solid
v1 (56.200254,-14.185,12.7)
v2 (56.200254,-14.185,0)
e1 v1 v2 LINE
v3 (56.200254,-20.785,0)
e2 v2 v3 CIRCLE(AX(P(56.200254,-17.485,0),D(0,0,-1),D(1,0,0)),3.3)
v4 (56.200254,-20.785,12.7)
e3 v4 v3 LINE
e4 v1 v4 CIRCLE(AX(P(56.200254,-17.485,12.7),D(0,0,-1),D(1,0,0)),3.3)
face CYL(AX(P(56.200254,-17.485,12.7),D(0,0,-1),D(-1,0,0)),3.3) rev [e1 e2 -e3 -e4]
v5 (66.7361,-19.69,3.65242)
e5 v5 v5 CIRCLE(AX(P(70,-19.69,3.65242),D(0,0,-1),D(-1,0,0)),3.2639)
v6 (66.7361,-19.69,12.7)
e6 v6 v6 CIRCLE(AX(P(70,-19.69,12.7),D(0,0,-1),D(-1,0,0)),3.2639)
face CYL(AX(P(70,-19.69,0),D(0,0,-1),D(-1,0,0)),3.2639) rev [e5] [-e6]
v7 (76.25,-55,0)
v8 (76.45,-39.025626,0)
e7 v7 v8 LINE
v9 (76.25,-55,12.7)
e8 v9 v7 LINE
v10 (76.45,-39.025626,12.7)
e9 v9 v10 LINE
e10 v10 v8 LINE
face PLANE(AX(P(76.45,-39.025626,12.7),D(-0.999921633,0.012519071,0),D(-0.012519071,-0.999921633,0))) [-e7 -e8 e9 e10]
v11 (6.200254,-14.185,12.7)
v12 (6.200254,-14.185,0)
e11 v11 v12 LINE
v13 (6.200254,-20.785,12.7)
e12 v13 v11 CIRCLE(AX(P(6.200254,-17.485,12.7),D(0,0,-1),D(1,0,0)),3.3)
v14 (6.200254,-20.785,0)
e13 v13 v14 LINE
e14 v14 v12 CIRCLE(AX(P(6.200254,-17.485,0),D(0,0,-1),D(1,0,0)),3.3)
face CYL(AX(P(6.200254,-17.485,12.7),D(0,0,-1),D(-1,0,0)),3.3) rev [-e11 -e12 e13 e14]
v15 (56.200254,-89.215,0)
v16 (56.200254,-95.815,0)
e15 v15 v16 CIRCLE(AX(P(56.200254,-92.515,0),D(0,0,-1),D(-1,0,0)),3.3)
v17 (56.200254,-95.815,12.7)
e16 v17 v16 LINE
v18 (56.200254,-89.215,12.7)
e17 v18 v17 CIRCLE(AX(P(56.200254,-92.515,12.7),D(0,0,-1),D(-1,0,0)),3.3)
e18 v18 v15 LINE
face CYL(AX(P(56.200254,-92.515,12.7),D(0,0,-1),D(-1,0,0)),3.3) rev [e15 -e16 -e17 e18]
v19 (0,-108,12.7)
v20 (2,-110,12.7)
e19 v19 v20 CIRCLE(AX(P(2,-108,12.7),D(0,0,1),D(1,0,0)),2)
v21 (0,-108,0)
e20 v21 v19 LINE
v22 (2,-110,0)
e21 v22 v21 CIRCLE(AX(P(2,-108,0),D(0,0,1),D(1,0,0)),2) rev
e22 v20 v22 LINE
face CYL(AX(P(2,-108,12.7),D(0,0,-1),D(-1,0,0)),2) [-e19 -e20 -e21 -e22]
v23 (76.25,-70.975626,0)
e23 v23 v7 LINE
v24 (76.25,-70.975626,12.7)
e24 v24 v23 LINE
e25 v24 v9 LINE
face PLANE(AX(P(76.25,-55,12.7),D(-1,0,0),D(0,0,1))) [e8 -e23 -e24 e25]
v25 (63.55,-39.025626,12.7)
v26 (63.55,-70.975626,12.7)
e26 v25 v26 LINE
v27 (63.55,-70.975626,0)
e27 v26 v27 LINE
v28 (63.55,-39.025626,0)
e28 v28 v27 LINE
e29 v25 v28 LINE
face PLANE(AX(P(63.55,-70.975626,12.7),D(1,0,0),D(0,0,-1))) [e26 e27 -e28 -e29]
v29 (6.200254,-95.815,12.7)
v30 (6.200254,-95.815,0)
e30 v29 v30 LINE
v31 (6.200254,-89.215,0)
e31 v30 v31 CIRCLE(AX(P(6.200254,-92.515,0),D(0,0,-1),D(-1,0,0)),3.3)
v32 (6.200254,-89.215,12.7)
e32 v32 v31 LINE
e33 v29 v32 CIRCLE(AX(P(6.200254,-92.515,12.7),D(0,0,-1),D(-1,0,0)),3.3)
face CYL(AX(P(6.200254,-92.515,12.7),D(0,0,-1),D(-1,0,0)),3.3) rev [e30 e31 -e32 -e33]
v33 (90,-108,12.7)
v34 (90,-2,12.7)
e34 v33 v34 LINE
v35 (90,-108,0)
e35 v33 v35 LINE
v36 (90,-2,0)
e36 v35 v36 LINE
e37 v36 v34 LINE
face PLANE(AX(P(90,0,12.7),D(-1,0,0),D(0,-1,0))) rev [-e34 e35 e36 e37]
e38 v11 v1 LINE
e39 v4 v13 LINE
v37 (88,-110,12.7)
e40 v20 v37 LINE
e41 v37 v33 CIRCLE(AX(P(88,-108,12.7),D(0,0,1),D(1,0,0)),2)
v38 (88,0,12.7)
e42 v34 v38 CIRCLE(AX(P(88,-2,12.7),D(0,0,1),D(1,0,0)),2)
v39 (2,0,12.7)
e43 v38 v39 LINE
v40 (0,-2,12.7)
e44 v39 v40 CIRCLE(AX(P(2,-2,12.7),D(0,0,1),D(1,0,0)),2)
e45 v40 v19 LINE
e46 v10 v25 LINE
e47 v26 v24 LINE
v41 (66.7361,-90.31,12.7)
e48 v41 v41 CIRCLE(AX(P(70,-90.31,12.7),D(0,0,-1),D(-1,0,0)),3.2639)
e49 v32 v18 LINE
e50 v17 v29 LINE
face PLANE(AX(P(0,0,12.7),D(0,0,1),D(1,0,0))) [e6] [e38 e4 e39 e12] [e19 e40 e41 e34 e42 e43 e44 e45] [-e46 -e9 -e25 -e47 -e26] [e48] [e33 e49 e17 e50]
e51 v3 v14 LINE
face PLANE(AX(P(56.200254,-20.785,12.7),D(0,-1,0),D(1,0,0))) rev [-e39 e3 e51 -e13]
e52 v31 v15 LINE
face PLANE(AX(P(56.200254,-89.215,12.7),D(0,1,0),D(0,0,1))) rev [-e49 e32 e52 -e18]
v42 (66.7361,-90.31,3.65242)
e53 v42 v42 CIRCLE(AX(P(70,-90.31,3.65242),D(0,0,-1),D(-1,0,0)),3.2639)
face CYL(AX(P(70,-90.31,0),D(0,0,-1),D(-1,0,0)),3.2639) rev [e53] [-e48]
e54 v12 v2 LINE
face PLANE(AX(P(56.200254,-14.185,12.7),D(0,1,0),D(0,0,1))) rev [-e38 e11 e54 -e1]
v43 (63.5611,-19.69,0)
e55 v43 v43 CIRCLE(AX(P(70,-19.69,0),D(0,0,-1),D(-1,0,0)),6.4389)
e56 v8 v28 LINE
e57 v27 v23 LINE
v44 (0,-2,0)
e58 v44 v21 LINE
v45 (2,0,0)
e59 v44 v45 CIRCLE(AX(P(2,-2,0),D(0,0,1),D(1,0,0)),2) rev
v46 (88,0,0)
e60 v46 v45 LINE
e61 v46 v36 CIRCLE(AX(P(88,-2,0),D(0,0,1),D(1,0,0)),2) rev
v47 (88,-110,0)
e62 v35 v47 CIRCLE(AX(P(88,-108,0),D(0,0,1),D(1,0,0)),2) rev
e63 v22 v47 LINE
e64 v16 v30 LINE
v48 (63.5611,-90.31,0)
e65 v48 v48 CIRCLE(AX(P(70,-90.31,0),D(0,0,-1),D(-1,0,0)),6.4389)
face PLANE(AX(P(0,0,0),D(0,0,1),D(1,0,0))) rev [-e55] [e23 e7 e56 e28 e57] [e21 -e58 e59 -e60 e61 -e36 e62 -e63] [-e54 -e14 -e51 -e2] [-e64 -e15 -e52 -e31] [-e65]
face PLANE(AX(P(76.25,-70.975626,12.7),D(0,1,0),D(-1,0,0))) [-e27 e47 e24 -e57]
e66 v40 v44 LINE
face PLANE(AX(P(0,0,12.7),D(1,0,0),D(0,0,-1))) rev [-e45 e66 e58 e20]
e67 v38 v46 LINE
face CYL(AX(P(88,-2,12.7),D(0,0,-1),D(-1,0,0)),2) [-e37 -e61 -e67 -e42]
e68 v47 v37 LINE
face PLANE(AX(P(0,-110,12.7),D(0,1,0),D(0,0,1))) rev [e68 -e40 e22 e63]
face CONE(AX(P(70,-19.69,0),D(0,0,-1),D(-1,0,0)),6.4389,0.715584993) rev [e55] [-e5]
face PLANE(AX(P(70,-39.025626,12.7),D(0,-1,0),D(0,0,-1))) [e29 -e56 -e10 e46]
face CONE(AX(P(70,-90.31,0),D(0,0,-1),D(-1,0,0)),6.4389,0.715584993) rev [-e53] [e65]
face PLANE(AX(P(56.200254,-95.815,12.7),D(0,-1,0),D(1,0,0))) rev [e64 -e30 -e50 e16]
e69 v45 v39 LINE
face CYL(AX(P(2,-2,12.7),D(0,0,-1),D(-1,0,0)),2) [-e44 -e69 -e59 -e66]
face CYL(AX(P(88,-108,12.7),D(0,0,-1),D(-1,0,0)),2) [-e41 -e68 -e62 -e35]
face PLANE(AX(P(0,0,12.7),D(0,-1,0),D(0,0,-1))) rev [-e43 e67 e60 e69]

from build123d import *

# Parameters (mm, degrees)
SKETCH1_W                                        = 90
SKETCH1_H                                        = 110
BOSS_EXTRUDE2_DEPTH                              = 12.7
CSK_FOR_1_4_FLAT_HEAD_MACHINE_SCREW3_D           = 6.5278
CSK_FOR_1_4_FLAT_HEAD_MACHINE_SCREW3_CSINK_D     = 12.8778
CSK_FOR_1_4_FLAT_HEAD_MACHINE_SCREW3_CSINK_ANGLE = 82
CSK_FOR_1_4_FLAT_HEAD_MACHINE_SCREW4_D           = 6.5278
CSK_FOR_1_4_FLAT_HEAD_MACHINE_SCREW4_CSINK_D     = 12.8778
CSK_FOR_1_4_FLAT_HEAD_MACHINE_SCREW4_CSINK_ANGLE = 82
FILLET1_R                                        = 2
CUT_EXTRUDE1_DEPTH                               = 143.692992119


with BuildPart() as part:
    # Sketch1 → Boss-Extrude2 (new body)
    with BuildSketch(Plane.XY):
        with Locations((45, -55)):
            Rectangle(SKETCH1_W, SKETCH1_H)
        Polygon((70, -39.025625978), (76.45, -39.025625978), (76.25, -55), (76.25, -70.975625978), (70, -70.975625978), (63.55, -70.975625978), (63.55, -39.025625978), align=None, mode=Mode.SUBTRACT)
    extrude(amount=BOSS_EXTRUDE2_DEPTH)

    # CSK for 1/4 Flat Head Machine Screw3 (through all)
    with Locations(Plane(origin=(0, 0, 0), x_dir=(-1, 0, 0), z_dir=(0, 0, -1))):
        with Locations((-70, -90.31)):
            CounterSinkHole(CSK_FOR_1_4_FLAT_HEAD_MACHINE_SCREW3_D / 2, CSK_FOR_1_4_FLAT_HEAD_MACHINE_SCREW3_CSINK_D / 2, counter_sink_angle=CSK_FOR_1_4_FLAT_HEAD_MACHINE_SCREW3_CSINK_ANGLE)

    # CSK for 1/4 Flat Head Machine Screw4 (through all)
    with Locations(Plane(origin=(0, 0, 0), x_dir=(-1, 0, 0), z_dir=(0, 0, -1))):
        with Locations((-70, -19.69)):
            CounterSinkHole(CSK_FOR_1_4_FLAT_HEAD_MACHINE_SCREW4_D / 2, CSK_FOR_1_4_FLAT_HEAD_MACHINE_SCREW4_CSINK_D / 2, counter_sink_angle=CSK_FOR_1_4_FLAT_HEAD_MACHINE_SCREW4_CSINK_ANGLE)

    # Fillet1
    fillet1_edges = [part.edges().sort_by_distance(p)[0] for p in [
        (0, 0, 6.35),
        (90, 0, 6.35),
        (90, -110, 6.35),
        (0, -110, 6.35),
    ]]
    fillet(fillet1_edges, radius=FILLET1_R)

    # Sketch15 → Cut-Extrude1 (cut, through all)
    with BuildSketch(Plane(origin=(0, 0, 0), x_dir=(-1, 0, 0), z_dir=(0, 0, -1))):
        with BuildLine():
            Line((-56.200253658, -14.185), (-6.200253658, -14.185))
            ThreePointArc((-6.200253658, -14.185), (-2.900253658, -17.485), (-6.200253658, -20.785))
            Line((-6.200253658, -20.785), (-56.200253658, -20.785))
            ThreePointArc((-56.200253658, -20.785), (-59.500253658, -17.485), (-56.200253658, -14.185))
        make_face()
        with BuildLine():
            Line((-56.200253658, -89.215), (-6.200253658, -89.215))
            ThreePointArc((-6.200253658, -89.215), (-2.900253658, -92.515), (-6.200253658, -95.815))
            Line((-6.200253658, -95.815), (-56.200253658, -95.815))
            ThreePointArc((-56.200253658, -95.815), (-59.500253658, -92.515), (-56.200253658, -89.215))
        make_face()
    extrude(amount=-CUT_EXTRUDE1_DEPTH, mode=Mode.SUBTRACT)


solid = part.part
